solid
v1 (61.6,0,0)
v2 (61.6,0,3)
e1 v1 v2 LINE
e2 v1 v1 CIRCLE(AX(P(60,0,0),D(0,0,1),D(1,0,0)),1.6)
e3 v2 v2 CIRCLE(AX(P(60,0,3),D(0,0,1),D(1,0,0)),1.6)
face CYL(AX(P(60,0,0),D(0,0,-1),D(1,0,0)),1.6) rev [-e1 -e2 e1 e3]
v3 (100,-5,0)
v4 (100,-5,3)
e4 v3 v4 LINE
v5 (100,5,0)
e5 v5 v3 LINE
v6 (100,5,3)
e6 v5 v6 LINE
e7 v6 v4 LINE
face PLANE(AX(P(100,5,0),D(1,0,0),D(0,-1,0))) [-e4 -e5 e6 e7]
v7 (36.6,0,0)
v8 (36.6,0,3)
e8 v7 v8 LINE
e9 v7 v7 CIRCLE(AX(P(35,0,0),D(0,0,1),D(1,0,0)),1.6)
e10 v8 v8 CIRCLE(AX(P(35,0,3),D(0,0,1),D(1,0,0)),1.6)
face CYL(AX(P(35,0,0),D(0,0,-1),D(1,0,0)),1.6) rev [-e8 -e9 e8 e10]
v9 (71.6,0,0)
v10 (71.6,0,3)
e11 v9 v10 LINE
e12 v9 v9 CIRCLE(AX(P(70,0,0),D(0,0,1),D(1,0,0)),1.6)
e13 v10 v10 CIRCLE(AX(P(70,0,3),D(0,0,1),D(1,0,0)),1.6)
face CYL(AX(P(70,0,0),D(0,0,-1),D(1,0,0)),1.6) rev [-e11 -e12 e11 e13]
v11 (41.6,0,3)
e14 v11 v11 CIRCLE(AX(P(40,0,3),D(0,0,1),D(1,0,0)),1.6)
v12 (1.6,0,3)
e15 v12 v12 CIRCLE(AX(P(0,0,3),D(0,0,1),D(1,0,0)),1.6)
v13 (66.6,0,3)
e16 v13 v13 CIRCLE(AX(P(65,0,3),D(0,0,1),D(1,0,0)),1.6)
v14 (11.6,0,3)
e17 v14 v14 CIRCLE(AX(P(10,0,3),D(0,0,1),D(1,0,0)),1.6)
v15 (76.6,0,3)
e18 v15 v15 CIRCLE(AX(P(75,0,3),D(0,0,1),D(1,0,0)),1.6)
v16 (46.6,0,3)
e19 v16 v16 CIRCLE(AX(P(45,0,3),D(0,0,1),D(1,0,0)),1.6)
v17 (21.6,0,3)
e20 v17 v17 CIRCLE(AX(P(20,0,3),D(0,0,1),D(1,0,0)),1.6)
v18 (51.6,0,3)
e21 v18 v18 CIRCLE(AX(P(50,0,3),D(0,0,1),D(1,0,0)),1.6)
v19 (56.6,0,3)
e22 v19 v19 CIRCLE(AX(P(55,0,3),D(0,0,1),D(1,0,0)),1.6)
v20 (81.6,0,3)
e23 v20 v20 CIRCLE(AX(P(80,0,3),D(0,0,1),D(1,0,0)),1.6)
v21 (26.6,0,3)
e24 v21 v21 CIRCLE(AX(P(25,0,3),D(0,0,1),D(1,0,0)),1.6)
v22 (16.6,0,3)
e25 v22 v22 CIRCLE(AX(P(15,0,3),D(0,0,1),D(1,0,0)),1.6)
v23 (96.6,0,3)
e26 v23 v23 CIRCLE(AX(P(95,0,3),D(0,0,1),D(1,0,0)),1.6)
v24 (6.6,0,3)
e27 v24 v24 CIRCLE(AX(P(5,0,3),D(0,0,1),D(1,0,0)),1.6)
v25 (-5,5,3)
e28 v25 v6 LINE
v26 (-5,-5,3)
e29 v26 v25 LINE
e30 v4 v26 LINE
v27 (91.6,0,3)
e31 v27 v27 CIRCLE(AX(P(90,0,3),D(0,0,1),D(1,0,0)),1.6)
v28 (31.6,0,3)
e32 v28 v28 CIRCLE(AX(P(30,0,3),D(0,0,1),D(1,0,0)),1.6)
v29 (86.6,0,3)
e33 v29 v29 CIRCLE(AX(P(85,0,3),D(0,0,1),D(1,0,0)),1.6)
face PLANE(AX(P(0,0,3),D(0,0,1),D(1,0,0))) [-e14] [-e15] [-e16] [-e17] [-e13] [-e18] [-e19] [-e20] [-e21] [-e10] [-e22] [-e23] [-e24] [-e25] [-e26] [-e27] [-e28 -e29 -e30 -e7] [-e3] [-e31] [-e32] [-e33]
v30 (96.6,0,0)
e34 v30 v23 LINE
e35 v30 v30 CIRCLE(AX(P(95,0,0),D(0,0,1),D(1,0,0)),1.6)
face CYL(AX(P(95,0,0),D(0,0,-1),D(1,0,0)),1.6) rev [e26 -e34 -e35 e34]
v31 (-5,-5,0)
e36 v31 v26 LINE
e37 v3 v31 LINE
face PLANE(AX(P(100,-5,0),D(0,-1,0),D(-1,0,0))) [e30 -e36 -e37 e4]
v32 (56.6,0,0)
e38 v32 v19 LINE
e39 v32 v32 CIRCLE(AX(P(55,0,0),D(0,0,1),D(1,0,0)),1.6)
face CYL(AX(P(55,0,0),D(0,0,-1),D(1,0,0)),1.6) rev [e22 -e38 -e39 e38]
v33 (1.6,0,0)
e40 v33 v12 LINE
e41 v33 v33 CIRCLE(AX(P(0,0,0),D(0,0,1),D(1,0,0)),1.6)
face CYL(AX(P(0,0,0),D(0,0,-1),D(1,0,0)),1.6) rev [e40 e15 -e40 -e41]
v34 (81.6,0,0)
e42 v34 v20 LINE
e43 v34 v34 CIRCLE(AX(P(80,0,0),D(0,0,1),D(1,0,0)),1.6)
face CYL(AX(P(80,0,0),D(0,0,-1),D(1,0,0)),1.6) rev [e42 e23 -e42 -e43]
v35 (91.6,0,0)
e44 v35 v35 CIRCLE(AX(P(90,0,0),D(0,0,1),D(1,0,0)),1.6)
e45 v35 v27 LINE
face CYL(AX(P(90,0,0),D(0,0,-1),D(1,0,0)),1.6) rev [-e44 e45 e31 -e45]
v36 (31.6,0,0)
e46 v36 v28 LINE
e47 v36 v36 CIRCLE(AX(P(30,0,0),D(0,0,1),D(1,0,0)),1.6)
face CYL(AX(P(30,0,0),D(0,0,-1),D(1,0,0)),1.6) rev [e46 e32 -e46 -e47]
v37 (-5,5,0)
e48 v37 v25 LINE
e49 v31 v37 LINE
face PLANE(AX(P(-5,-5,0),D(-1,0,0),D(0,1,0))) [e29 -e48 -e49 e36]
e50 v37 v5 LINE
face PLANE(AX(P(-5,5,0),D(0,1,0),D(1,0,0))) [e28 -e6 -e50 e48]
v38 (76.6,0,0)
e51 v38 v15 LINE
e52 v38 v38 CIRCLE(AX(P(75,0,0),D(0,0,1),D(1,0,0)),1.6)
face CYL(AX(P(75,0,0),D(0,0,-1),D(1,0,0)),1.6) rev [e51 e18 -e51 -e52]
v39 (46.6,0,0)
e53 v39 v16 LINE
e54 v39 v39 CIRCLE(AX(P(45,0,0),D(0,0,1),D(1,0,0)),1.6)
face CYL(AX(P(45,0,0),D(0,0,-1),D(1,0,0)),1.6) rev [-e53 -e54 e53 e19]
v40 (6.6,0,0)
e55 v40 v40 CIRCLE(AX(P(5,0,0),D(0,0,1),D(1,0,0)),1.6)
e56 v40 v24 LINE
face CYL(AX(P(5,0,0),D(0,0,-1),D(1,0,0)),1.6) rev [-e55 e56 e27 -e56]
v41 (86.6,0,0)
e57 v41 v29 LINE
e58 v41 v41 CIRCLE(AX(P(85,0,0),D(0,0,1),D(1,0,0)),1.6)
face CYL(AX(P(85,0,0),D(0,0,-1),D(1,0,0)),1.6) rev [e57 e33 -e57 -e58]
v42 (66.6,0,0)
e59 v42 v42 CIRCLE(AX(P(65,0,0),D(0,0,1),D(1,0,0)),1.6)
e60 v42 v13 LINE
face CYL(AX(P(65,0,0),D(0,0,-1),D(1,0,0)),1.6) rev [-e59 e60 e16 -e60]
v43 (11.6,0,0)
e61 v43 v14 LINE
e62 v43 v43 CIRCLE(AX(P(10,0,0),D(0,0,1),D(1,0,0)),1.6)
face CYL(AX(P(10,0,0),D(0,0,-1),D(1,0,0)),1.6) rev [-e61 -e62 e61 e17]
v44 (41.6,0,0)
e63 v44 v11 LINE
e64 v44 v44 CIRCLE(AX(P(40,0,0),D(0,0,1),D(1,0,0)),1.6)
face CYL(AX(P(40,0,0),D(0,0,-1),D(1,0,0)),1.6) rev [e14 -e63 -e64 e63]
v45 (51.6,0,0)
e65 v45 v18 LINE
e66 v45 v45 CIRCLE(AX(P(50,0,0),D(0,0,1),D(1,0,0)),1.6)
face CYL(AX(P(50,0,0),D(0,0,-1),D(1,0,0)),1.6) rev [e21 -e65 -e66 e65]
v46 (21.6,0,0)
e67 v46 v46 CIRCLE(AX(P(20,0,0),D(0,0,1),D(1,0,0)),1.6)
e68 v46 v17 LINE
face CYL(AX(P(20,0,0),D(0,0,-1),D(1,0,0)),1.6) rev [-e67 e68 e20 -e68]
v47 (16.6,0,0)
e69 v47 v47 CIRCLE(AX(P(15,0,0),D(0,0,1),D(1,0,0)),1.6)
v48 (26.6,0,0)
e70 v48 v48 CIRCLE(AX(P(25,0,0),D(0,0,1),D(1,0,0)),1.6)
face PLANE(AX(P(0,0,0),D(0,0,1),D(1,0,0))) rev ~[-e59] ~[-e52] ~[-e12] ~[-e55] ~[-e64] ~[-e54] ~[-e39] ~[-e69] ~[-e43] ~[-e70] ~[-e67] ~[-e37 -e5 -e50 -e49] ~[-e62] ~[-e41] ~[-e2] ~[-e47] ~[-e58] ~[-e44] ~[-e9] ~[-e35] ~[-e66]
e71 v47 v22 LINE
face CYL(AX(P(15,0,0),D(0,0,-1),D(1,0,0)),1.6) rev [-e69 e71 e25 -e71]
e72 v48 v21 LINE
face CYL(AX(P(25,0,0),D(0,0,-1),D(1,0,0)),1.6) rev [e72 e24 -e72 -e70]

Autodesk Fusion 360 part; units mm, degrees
sketch "Sketch1" plane through (0, 0, 0) normal (0, 0, 1) x (1, 0, 0)
  circle A0 centre (0, 0) radius 1.6
  line L0 (-5, 5) -> (100, 5)
  line L1 (100, 5) -> (100, -5)
  line L2 (100, -5) -> (-5, -5)
  line L3 (-5, -5) -> (-5, 5)
  line L4 (-5, 0) -> (100, 0) construction
  circle A1 centre (5, 0) radius 1.6
  circle A2 centre (10, 0) radius 1.6
  circle A3 centre (15, 0) radius 1.6
  circle A4 centre (20, 0) radius 1.6
  circle A5 centre (25, 0) radius 1.6
  circle A6 centre (30, 0) radius 1.6
  circle A7 centre (35, 0) radius 1.6
  circle A8 centre (40, 0) radius 1.6
  circle A9 centre (45, 0) radius 1.6
  circle A10 centre (50, 0) radius 1.6
  circle A11 centre (55, 0) radius 1.6
  circle A12 centre (60, 0) radius 1.6
  circle A13 centre (65, 0) radius 1.6
  circle A14 centre (70, 0) radius 1.6
  circle A15 centre (75, 0) radius 1.6
  circle A16 centre (80, 0) radius 1.6
  circle A17 centre (85, 0) radius 1.6
  circle A18 centre (90, 0) radius 1.6
  circle A19 centre (95, 0) radius 1.6
  dimension "d56" = 3.2
  dimension "d57" = 5
  dimension "d58" = 10
  dimension "d59" = 105
  dimension "d62" = 5
  dimension "d63" = 0
extrude "Extrude1" add sketch "Sketch1" along normal blind 3
move_body "Move1" [suppressed]
equation "d56 = HoleDiameter"
equation "d57 = HoleSpacing"
equation "d58 = LegWidth"
equation "d59 = LegsJointLength"
equation "d60 = LegsJointLength / HoleSpacing - 1"
equation "d62 = HoleSpacing"
equation "d64 = Thickness"
equation "HoleDiameter = 3.2 mm"
equation "Thickness = 3 mm"
equation "HoleSpacing = 5 mm"
equation "LegWidth = 10 mm"
equation "LegsJointLength = 105 mm"
